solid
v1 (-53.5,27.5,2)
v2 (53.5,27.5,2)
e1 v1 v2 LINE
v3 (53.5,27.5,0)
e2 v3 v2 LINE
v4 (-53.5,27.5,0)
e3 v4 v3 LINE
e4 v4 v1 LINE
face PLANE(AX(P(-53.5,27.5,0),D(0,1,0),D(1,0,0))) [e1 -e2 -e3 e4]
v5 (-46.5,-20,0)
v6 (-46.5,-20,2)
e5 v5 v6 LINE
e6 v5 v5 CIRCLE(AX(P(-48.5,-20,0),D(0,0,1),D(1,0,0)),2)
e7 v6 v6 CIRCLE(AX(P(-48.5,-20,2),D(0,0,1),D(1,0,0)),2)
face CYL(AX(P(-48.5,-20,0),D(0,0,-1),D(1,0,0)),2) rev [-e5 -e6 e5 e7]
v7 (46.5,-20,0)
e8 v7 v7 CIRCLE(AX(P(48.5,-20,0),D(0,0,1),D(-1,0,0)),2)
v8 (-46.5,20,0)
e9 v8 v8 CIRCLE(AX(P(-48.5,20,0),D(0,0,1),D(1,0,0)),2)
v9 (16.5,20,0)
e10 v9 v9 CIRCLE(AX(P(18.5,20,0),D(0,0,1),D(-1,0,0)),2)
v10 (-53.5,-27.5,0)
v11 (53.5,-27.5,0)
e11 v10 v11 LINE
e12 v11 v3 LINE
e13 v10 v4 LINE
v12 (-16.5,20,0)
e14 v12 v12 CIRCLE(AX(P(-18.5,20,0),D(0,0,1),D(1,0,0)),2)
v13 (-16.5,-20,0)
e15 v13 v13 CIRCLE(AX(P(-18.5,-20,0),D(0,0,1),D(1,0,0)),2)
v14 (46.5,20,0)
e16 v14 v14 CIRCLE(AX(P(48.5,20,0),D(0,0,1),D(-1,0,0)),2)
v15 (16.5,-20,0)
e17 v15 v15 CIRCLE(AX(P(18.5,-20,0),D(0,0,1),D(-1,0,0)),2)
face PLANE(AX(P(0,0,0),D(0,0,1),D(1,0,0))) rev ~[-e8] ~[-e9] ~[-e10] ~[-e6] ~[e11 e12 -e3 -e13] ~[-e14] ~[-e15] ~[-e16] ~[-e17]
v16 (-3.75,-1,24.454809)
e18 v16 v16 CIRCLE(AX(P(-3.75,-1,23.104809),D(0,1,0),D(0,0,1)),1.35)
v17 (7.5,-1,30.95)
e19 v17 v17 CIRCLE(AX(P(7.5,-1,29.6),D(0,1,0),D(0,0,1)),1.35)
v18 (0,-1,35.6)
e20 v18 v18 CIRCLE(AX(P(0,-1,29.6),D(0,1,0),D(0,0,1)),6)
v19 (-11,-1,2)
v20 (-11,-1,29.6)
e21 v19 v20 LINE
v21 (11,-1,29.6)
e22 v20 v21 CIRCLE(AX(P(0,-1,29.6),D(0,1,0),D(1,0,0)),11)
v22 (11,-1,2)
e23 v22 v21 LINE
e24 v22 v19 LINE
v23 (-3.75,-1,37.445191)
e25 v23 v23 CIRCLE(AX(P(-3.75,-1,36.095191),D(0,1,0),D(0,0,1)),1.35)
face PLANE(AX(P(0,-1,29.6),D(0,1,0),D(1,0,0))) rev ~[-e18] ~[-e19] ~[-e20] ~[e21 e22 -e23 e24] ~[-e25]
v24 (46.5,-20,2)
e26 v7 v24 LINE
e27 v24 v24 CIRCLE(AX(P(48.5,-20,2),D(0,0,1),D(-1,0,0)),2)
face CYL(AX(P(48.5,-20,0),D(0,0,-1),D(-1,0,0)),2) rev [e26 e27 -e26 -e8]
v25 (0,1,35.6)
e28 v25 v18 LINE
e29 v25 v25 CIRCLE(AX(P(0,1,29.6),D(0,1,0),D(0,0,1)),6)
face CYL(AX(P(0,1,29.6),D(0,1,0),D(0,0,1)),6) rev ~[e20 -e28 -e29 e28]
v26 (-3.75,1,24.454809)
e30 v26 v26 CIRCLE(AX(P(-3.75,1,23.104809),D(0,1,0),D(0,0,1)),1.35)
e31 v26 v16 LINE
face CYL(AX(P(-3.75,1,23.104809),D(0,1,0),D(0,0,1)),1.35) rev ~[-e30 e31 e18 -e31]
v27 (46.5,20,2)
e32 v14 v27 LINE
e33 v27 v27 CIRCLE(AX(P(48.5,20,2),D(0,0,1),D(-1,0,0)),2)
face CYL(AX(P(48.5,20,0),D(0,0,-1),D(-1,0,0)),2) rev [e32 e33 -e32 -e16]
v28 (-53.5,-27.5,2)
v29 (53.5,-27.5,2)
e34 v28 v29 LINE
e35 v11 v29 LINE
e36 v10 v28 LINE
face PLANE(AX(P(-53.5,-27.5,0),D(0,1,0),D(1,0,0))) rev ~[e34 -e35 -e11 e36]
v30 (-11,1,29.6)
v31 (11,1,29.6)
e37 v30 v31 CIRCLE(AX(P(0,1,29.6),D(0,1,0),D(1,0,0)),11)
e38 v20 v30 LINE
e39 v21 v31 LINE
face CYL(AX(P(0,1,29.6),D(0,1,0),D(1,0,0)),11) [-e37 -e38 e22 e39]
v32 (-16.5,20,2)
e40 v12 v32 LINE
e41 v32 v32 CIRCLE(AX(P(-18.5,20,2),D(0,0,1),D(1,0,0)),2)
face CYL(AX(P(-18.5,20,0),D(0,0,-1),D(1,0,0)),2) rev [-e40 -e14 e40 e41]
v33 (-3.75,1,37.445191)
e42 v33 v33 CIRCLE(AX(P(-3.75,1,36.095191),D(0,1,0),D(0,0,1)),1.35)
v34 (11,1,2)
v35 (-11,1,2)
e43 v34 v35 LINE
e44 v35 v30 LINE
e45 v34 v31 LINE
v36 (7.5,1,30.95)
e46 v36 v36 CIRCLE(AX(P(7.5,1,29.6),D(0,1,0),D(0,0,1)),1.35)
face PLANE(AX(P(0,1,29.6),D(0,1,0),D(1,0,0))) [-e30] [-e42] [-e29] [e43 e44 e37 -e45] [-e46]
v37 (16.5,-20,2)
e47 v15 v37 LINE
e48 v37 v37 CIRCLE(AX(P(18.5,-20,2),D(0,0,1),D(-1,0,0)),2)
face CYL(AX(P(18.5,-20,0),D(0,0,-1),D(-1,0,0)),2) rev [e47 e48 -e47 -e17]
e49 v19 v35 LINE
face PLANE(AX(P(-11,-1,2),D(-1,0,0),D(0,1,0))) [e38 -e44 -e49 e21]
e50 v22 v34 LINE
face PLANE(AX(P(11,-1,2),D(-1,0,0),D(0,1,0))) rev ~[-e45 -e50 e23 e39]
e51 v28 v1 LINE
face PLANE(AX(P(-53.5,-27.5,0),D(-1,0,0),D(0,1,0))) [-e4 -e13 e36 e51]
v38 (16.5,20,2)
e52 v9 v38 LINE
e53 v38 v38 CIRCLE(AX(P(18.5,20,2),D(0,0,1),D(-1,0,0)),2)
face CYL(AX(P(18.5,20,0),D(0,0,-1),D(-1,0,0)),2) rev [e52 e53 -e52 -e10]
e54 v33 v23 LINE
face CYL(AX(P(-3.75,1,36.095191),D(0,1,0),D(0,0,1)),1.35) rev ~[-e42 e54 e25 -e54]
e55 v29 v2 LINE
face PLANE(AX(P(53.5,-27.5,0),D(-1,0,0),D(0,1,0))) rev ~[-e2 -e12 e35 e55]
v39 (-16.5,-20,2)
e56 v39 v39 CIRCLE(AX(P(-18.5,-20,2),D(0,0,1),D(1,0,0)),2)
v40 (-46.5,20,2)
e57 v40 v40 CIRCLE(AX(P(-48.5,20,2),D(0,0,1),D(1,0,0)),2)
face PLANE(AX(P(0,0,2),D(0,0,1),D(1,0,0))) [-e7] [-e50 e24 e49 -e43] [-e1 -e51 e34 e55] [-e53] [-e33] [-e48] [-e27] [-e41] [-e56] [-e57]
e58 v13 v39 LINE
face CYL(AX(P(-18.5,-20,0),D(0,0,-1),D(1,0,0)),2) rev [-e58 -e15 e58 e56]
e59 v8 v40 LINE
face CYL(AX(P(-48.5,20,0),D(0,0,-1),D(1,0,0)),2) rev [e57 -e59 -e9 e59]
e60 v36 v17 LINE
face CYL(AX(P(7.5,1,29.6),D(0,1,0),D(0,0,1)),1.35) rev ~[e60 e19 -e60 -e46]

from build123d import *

# Parameters (mm, degrees)
CROQUIS1_W              = 107
CROQUIS1_H              = 55
CROQUIS1_R              = 2
SALIENTE_EXTRUIR1_DEPTH = 2
CROQUIS2_W              = 22
CROQUIS2_H              = 2
SALIENTE_EXTRUIR2_DEPTH = 27.6
CROQUIS3_R              = 11
SALIENTE_EXTRUIR3_DEPTH = 2
CROQUIS4_R              = 6
CORTAR_EXTRUIR1_DEPTH   = 187.15
CROQUIS6_R              = 1.35
CORTAR_EXTRUIR2_DEPTH   = 187.15


with BuildPart() as part:
    # Croquis1 → Saliente-Extruir1 (new body)
    with BuildSketch(Plane.XY):
        Rectangle(CROQUIS1_W, CROQUIS1_H)
        with Locations((-48.5, 20)):
            Circle(CROQUIS1_R, mode=Mode.SUBTRACT)
        with Locations((-48.5, -20)):
            Circle(CROQUIS1_R, mode=Mode.SUBTRACT)
        with Locations((-18.5, 20)):
            Circle(CROQUIS1_R, mode=Mode.SUBTRACT)
        with Locations((-18.5, -20)):
            Circle(CROQUIS1_R, mode=Mode.SUBTRACT)
        with Locations(Location((48.5, -20, 0), (0, 0, 180))):
            Circle(CROQUIS1_R, mode=Mode.SUBTRACT)
        with Locations(Location((18.5, -20, 0), (0, 0, 180))):
            Circle(CROQUIS1_R, mode=Mode.SUBTRACT)
        with Locations(Location((18.5, 20, 0), (0, 0, 180))):
            Circle(CROQUIS1_R, mode=Mode.SUBTRACT)
        with Locations(Location((48.5, 20, 0), (0, 0, 180))):
            Circle(CROQUIS1_R, mode=Mode.SUBTRACT)
    extrude(amount=SALIENTE_EXTRUIR1_DEPTH)

    # Croquis2 → Saliente-Extruir2 (add)
    with BuildSketch(Plane(origin=(0, 0, 2), x_dir=(-1, 0, 0), z_dir=(0, 0, -1))):
        Rectangle(CROQUIS2_W, CROQUIS2_H)
    extrude(amount=-SALIENTE_EXTRUIR2_DEPTH)

    # Croquis3 → Saliente-Extruir3 (add)
    with BuildSketch(Plane(origin=(0, 1, 0), x_dir=(1, 0, 0), z_dir=(0, 1, 0))):
        with Locations((0, -29.6)):
            Circle(CROQUIS3_R)
    extrude(amount=-SALIENTE_EXTRUIR3_DEPTH)

    # Croquis4 → Cortar-Extruir1 (cut)
    with BuildSketch(Plane(origin=(0, 1, 0), x_dir=(1, 0, 0), z_dir=(0, 1, 0))):
        with Locations(Location((0, -29.6, 0), (0, 0, 270))):
            Circle(CROQUIS4_R)
    extrude(amount=-CORTAR_EXTRUIR1_DEPTH, mode=Mode.SUBTRACT)

    # Croquis6 → Cortar-Extruir2 (cut)
    with BuildSketch(Plane(origin=(0, 1, 0), x_dir=(1, 0, 0), z_dir=(0, 1, 0))):
        with Locations(Location((7.5, -29.6, 0), (0, 0, 270))):
            Circle(CROQUIS6_R)
        with Locations(Location((-3.75, -36.095190528, 0), (0, 0, 270))):
            Circle(CROQUIS6_R)
        with Locations(Location((-3.75, -23.104809472, 0), (0, 0, 270))):
            Circle(CROQUIS6_R)
    extrude(amount=-CORTAR_EXTRUIR2_DEPTH, mode=Mode.SUBTRACT)


solid = part.part
